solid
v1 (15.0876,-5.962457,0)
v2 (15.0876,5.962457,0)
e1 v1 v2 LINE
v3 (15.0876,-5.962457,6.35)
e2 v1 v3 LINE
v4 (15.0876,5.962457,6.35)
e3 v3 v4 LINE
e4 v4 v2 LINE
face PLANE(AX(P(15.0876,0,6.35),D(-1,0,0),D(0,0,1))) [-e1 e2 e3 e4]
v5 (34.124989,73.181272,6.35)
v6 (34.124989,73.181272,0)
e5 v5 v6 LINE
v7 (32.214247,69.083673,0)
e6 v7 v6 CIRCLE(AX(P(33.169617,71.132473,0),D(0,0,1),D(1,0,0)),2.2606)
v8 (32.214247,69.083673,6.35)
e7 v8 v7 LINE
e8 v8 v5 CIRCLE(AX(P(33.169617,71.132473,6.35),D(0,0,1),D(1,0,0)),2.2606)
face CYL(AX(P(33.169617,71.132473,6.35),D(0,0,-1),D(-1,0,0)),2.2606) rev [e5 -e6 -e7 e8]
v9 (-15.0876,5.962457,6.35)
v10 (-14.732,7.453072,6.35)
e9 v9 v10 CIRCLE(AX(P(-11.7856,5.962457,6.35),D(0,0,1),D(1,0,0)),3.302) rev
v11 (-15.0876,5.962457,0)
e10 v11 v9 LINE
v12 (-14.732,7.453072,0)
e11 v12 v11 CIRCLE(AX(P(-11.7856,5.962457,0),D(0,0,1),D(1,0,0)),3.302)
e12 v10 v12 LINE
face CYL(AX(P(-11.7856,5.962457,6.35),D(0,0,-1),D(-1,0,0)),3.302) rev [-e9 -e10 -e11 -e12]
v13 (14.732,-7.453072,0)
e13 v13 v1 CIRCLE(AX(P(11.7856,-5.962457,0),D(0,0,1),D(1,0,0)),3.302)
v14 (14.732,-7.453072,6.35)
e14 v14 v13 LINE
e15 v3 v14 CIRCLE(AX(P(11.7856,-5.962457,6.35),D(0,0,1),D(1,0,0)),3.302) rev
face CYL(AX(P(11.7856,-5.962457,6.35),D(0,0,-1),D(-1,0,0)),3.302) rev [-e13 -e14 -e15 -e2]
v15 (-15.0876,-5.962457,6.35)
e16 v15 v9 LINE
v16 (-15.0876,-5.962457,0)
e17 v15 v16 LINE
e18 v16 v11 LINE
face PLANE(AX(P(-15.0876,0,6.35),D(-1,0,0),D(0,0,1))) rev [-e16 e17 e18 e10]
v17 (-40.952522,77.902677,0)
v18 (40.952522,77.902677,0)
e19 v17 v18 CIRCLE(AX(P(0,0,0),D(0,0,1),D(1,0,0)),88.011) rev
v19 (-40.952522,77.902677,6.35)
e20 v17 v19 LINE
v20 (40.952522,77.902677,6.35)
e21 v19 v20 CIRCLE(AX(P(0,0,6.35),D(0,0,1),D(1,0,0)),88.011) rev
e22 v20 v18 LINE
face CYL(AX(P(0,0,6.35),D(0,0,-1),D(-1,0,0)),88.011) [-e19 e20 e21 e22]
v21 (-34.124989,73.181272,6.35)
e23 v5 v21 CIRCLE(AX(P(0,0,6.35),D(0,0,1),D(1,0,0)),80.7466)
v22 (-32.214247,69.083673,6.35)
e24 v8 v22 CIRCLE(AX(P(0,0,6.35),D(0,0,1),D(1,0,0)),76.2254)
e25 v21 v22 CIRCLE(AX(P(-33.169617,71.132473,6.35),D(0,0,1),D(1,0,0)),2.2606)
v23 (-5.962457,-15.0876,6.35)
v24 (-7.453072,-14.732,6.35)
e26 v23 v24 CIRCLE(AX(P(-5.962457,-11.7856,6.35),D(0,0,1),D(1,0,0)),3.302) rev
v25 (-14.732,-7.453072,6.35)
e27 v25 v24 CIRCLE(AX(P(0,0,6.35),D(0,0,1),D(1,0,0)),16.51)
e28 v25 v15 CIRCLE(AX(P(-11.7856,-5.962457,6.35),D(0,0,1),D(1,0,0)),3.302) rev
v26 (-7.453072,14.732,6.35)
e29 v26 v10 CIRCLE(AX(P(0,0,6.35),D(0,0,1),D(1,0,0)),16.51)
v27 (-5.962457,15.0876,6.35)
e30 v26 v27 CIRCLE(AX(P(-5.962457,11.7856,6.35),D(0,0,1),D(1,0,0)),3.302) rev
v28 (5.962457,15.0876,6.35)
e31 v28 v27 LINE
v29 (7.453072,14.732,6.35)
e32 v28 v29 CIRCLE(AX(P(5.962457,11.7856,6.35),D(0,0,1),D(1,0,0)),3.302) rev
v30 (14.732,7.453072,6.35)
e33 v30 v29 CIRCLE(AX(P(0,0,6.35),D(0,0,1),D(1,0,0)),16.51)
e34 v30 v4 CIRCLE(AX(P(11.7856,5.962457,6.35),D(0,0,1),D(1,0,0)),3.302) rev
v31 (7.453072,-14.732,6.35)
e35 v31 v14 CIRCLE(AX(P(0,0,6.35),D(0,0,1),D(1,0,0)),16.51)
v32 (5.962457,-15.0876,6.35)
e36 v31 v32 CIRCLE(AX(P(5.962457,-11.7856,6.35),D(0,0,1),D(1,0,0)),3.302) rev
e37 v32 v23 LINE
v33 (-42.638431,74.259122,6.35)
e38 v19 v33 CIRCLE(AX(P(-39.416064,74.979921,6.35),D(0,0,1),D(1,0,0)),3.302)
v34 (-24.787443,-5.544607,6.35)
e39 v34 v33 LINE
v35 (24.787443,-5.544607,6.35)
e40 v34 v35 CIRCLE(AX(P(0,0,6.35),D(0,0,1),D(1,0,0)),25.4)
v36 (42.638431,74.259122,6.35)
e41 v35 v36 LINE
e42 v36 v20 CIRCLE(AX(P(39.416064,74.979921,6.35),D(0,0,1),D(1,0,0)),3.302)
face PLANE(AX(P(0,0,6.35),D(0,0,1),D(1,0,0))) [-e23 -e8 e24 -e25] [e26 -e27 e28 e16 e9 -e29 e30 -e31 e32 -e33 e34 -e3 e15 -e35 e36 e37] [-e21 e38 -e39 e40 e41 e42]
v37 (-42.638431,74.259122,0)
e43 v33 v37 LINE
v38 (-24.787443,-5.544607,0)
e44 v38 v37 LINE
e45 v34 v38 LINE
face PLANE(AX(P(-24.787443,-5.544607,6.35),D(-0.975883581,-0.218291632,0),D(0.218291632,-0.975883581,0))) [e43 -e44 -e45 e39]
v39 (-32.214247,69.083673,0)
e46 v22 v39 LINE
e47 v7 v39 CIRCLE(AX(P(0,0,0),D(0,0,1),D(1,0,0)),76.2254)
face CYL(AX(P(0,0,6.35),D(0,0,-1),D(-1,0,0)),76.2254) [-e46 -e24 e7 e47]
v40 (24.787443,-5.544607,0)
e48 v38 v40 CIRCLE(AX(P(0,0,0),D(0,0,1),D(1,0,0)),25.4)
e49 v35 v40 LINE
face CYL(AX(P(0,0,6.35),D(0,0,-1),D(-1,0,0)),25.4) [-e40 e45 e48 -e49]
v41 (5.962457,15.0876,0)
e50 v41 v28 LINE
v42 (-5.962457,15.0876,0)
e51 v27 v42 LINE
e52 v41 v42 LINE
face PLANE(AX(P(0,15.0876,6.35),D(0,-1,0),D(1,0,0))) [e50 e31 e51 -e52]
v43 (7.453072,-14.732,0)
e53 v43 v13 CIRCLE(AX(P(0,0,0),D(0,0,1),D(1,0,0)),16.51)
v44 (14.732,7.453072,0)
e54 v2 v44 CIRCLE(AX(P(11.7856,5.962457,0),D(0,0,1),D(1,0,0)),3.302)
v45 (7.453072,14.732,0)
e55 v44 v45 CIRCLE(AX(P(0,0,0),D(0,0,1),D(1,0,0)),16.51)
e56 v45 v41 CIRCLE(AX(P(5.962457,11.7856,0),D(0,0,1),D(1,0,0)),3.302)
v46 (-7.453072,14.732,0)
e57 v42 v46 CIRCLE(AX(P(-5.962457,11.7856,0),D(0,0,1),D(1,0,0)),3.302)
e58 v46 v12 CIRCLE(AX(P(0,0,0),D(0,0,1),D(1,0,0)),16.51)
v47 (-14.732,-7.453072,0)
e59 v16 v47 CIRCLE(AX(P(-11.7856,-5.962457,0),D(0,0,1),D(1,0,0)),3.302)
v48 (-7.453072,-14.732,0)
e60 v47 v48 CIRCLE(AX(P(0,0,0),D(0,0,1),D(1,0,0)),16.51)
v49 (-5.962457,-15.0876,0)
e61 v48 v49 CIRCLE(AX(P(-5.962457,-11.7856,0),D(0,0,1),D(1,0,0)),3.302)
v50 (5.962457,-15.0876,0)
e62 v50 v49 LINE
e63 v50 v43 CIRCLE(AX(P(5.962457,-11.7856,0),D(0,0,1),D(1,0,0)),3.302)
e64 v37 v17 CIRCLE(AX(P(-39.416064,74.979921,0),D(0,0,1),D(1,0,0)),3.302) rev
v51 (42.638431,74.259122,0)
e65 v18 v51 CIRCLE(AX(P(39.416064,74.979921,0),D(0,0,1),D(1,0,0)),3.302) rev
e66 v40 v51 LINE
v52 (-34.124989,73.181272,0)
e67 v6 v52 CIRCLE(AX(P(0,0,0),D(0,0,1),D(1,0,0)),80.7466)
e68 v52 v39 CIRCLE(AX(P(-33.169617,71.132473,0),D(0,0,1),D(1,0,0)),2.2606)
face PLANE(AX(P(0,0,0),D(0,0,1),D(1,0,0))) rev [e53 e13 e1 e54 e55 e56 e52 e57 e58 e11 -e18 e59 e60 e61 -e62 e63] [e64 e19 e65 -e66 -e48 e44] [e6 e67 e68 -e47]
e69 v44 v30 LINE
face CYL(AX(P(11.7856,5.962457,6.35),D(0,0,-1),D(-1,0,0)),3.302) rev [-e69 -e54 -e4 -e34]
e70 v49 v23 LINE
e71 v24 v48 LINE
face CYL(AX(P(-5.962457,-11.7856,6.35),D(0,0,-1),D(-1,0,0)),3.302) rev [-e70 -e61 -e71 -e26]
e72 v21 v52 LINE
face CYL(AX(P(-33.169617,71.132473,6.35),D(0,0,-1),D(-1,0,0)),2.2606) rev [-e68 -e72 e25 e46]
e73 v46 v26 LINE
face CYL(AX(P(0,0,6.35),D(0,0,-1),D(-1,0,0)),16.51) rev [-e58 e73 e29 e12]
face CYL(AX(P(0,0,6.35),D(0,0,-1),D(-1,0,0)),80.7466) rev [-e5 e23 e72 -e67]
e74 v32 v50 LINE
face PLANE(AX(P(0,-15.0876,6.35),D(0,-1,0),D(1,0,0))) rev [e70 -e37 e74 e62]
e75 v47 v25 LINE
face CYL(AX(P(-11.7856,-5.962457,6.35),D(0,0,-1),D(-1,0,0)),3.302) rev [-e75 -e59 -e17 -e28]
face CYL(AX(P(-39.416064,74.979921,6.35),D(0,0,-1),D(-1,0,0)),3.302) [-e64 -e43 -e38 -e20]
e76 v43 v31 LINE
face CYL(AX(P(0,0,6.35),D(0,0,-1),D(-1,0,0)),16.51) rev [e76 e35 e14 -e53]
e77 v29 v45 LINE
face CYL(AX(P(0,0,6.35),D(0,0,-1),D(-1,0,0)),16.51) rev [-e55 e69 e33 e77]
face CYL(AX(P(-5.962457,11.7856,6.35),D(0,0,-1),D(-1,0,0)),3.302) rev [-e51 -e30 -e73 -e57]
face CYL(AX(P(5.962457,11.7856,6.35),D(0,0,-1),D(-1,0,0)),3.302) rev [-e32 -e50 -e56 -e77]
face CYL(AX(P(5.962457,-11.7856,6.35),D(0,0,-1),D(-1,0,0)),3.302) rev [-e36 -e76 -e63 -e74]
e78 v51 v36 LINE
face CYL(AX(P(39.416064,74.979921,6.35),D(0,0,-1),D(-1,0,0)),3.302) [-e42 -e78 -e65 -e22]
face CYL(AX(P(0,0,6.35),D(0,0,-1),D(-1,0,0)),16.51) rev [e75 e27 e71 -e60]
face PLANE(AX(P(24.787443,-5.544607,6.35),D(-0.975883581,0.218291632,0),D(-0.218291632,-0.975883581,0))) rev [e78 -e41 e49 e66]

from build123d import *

# Parameters (mm, degrees)
BOSS_EXTRUDE1_DEPTH = 6.35
FILLET1_R           = 3.302
FILLET2_R           = 3.302


with BuildPart() as part:
    # Sketch1 → Boss-Extrude1 (new body)
    with BuildSketch(Plane.XY):
        with BuildLine():
            Line((-43.182028134, 76.689298909), (-24.787442952, -5.544607461))
            ThreePointArc((-24.787442952, -5.544607461), (0, -25.4), (24.787442952, -5.544607461))
            Line((24.787442952, -5.544607461), (43.182028134, 76.689298909))
            ThreePointArc((43.182028134, 76.689298909), (0, 88.011), (-43.182028134, 76.689298909))
        make_face()
        with BuildLine():
            Line((-6.704060429, 15.0876), (6.704060429, 15.0876))
            ThreePointArc((6.704060429, 15.0876), (11.674332957, 11.674332957), (15.0876, 6.704060429))
            Line((15.0876, 6.704060429), (15.0876, -6.704060429))
            ThreePointArc((15.0876, -6.704060429), (11.674332957, -11.674332957), (6.704060429, -15.0876))
            Line((6.704060429, -15.0876), (-6.704060429, -15.0876))
            ThreePointArc((-6.704060429, -15.0876), (-11.674332957, -11.674332957), (-15.0876, -6.704060429))
            Line((-15.0876, -6.704060429), (-15.0876, 6.704060429))
            ThreePointArc((-15.0876, 6.704060429), (-11.674332957, 11.674332957), (-6.704060429, 15.0876))
        make_face(mode=Mode.SUBTRACT)
        with BuildLine():
            ThreePointArc((-34.124988821, 73.18127185), (0, 80.7466), (34.124988821, 73.18127185))
            ThreePointArc((34.124988821, 73.18127185), (35.218416261, 70.177102101), (32.214247077, 69.083673111))
            ThreePointArc((32.214247077, 69.083673111), (0, 76.2254), (-32.214247077, 69.083673111))
            ThreePointArc((-32.214247077, 69.083673111), (-35.218416261, 70.177102101), (-34.124988821, 73.18127185))
        make_face(mode=Mode.SUBTRACT)
    extrude(amount=BOSS_EXTRUDE1_DEPTH)

    # Fillet1
    fillet1_edges = [part.edges().sort_by_distance(p)[0] for p in [
        (-15.0876, 6.704060429, 3.175),
        (-15.0876, -6.704060429, 3.175),
        (-6.704060429, -15.0876, 3.175),
        (6.704060429, -15.0876, 3.175),
        (15.0876, -6.704060429, 3.175),
        (15.0876, 6.704060429, 3.175),
        (6.704060429, 15.0876, 3.175),
        (-6.704060429, 15.0876, 3.175),
    ]]
    fillet(fillet1_edges, radius=FILLET1_R)

    # Fillet2
    fillet2_edges = [part.edges().sort_by_distance(p)[0] for p in [
        (43.182028134, 76.689298909, 3.175),
        (-43.182028134, 76.689298909, 3.175),
    ]]
    fillet(fillet2_edges, radius=FILLET2_R)


solid = part.part
